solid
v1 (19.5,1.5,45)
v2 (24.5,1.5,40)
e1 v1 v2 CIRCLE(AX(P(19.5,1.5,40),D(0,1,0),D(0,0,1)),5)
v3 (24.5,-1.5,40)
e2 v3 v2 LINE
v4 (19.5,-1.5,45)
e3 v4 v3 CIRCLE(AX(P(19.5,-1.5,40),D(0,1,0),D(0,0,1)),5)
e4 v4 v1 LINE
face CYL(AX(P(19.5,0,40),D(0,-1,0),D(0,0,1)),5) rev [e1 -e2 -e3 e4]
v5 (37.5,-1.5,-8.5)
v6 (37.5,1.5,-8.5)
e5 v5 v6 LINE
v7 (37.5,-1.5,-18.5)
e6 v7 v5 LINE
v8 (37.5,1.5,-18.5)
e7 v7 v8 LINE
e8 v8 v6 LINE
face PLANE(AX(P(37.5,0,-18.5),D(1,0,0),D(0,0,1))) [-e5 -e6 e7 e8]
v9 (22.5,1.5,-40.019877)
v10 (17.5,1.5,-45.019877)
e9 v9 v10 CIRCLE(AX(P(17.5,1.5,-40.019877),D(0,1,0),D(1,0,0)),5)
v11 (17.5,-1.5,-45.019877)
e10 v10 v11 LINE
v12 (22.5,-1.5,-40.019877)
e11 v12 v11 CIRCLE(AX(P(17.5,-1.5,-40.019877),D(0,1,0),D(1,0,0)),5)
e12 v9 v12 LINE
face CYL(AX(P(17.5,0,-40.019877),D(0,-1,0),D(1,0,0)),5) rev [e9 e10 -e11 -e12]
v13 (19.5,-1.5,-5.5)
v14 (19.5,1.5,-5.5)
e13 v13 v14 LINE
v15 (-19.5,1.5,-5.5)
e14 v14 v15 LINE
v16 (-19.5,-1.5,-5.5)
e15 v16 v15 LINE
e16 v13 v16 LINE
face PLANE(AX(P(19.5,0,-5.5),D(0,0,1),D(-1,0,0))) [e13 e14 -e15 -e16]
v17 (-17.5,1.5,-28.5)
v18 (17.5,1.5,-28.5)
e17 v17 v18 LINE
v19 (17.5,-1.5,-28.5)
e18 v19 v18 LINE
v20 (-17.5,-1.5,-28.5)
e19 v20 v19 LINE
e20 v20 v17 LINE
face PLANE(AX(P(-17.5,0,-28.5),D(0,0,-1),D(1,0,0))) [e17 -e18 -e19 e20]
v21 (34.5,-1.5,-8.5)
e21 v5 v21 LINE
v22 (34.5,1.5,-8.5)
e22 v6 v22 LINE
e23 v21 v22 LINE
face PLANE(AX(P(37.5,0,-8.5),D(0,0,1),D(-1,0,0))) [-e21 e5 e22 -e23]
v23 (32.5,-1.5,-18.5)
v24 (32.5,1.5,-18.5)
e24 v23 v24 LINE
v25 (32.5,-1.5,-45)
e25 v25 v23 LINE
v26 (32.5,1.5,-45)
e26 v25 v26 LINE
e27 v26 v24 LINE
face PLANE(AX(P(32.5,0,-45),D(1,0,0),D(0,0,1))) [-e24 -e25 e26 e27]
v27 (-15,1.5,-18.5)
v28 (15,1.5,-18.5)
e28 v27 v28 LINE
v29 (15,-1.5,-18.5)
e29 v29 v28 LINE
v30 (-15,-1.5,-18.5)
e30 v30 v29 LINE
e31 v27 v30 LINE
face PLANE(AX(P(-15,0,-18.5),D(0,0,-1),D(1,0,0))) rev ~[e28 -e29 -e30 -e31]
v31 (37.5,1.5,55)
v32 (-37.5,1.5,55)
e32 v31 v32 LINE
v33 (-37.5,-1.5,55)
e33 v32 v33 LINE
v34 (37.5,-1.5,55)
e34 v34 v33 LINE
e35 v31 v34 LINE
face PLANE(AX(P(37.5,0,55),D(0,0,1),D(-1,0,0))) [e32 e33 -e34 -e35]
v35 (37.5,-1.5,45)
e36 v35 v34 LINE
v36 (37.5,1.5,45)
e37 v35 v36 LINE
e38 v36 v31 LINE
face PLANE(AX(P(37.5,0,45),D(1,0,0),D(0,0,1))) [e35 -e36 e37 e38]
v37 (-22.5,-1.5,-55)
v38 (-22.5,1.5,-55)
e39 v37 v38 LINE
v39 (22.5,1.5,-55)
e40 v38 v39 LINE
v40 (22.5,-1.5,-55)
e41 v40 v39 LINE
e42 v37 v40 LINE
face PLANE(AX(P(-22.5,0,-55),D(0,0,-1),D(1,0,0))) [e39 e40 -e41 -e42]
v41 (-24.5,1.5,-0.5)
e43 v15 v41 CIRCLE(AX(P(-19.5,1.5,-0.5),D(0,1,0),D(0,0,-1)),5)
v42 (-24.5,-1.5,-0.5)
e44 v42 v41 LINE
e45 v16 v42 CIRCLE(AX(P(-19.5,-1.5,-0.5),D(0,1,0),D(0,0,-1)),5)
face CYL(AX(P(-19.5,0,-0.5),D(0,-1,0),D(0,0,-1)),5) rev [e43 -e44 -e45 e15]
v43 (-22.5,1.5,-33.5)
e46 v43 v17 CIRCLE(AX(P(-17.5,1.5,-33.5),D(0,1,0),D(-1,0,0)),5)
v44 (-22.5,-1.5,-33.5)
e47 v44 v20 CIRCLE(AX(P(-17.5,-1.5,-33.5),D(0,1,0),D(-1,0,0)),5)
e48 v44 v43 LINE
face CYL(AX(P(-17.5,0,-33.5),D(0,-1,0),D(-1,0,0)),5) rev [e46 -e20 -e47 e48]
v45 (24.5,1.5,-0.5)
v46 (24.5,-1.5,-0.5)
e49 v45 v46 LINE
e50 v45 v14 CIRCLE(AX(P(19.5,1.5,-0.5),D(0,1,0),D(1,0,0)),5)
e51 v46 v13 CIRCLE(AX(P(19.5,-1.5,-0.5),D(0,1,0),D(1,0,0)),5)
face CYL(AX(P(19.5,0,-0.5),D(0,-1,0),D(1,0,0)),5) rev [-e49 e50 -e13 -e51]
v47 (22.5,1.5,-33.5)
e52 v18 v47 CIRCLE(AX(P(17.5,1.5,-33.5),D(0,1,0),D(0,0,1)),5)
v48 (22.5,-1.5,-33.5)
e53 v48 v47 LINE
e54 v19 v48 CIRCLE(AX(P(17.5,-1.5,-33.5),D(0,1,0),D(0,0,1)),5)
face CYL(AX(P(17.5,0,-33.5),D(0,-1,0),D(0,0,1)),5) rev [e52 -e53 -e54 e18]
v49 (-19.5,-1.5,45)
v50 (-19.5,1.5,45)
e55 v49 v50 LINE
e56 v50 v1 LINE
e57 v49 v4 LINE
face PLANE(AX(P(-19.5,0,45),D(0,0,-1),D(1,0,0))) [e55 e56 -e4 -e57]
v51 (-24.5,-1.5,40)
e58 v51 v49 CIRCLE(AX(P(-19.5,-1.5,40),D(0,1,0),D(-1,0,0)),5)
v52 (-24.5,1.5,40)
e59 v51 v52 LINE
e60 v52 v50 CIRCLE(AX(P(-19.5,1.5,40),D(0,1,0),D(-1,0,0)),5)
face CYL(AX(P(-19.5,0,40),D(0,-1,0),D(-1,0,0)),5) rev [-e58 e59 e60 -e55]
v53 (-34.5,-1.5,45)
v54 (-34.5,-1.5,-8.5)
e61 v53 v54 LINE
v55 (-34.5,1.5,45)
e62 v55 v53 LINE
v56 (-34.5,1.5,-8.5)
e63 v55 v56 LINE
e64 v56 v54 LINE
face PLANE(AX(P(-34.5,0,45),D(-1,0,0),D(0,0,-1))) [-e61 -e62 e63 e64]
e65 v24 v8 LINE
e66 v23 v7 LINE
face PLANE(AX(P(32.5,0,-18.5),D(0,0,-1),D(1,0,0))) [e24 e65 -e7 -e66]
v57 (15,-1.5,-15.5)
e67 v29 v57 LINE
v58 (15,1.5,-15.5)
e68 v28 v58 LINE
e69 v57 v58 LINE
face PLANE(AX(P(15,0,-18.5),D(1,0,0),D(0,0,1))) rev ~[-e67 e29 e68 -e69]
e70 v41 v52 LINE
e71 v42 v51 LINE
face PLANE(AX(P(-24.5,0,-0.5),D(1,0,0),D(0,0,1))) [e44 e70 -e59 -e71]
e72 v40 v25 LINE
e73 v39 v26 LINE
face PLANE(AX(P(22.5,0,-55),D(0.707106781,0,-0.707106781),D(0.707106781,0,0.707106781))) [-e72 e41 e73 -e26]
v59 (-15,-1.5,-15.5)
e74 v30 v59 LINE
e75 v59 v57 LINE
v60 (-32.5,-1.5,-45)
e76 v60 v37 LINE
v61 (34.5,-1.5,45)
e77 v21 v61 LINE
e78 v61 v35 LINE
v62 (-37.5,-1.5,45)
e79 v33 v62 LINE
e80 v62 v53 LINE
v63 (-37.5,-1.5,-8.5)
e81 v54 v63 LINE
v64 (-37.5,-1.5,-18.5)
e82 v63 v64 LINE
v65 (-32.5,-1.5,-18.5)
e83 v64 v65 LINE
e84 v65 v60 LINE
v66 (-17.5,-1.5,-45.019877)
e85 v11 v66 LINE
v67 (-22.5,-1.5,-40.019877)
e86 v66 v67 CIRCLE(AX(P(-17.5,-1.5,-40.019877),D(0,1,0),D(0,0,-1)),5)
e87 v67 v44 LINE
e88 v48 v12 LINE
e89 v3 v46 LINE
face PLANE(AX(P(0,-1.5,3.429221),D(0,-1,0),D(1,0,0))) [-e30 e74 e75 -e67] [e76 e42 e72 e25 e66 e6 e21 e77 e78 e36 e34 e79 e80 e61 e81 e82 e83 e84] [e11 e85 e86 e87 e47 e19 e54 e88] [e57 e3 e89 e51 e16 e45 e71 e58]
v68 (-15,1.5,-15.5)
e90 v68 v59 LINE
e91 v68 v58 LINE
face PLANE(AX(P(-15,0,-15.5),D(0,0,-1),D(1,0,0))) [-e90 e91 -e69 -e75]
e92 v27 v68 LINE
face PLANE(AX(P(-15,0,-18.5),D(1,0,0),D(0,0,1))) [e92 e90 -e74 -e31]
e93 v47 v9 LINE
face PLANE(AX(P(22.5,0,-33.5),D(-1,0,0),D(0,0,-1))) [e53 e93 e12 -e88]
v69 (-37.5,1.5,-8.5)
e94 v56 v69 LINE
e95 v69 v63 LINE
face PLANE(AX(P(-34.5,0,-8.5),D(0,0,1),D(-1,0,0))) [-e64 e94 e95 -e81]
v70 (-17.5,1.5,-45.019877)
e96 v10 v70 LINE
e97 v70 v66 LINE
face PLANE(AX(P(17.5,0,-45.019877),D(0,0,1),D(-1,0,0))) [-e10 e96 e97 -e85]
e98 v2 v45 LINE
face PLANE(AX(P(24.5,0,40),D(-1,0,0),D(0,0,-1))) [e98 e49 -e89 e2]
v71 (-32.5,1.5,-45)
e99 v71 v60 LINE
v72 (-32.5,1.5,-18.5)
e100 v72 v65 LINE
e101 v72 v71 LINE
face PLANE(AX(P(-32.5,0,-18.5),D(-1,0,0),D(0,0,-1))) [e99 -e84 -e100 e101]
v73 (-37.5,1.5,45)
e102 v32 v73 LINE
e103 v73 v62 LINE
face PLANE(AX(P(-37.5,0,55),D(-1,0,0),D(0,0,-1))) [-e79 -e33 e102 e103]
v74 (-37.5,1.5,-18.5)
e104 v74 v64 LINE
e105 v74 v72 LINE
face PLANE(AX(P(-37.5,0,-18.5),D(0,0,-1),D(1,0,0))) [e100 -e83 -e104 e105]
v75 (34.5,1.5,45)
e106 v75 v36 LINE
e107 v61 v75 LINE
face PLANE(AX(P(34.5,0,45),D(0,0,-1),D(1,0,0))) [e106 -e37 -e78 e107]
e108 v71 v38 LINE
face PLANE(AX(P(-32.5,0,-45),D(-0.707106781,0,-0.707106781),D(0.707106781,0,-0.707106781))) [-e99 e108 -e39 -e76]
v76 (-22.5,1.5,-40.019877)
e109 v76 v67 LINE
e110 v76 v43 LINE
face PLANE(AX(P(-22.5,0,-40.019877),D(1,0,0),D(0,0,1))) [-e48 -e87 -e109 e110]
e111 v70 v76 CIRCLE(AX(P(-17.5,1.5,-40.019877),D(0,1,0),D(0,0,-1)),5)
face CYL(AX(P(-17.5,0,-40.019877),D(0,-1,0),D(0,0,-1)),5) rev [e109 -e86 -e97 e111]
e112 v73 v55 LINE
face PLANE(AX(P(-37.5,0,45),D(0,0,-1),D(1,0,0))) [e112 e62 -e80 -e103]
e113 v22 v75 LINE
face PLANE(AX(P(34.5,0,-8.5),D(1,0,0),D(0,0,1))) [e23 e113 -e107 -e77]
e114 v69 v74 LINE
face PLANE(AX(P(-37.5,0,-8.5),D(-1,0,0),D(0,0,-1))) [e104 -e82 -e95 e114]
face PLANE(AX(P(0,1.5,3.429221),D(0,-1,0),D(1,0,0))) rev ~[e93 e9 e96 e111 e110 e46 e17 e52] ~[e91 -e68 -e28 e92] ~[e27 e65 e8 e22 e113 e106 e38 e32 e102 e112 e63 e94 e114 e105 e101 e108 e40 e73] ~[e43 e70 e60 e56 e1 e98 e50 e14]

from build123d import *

# Parameters (mm, degrees)
F0_W     = 30
F0_H     = 3
F1_DEPTH = 1.5


with BuildPart() as f1:
    # F0 (on Front) → F1 (new body, symmetric)
    with BuildSketch(Plane.XZ):
        Polygon((37.5, 45), (37.5, 55), (-37.5, 55), (-37.5, 45), (-34.5, 45), (-34.5, -8.5), (-37.5, -8.5), (-37.5, -18.5), (-32.5, -18.5), (-32.5, -45), (-22.5, -55), (22.5, -55), (32.5, -45), (32.5, -18.5), (37.5, -18.5), (37.5, -8.5), (34.5, -8.5), (34.5, 45), align=None)
        with BuildLine():
            ThreePointArc((22.5, -40.0198768683), (21.0355339059, -43.5554107742), (17.5, -45.0198768683))
            Line((17.5, -45.0198768683), (-17.5, -45.0198768683))
            ThreePointArc((-17.5, -45.0198768683), (-21.0355339059, -43.5554107742), (-22.5, -40.0198768683))
            Line((-22.5, -40.0198768683), (-22.5, -33.5))
            ThreePointArc((-22.5, -33.5), (-21.0355339059, -29.9644660941), (-17.5, -28.5))
            Line((-17.5, -28.5), (17.5, -28.5))
            ThreePointArc((17.5, -28.5), (21.0355339059, -29.9644660941), (22.5, -33.5))
            Line((22.5, -33.5), (22.5, -40.0198768683))
        make_face(mode=Mode.SUBTRACT)
        with Locations((0, -17)):
            Rectangle(F0_W, F0_H, mode=Mode.SUBTRACT)
        with BuildLine():
            ThreePointArc((24.5, -0.5), (23.0355339059, -4.0355339059), (19.5, -5.5))
            Line((19.5, -5.5), (-19.5, -5.5))
            ThreePointArc((-19.5, -5.5), (-23.0355339059, -4.0355339059), (-24.5, -0.5))
            Line((-24.5, -0.5), (-24.5, 40))
            ThreePointArc((-24.5, 40), (-23.0355339059, 43.5355339059), (-19.5, 45))
            Line((-19.5, 45), (19.5, 45))
            ThreePointArc((19.5, 45), (23.0355339059, 43.5355339059), (24.5, 40))
            Line((24.5, 40), (24.5, -0.5))
        make_face(mode=Mode.SUBTRACT)
    extrude(amount=F1_DEPTH, both=True)


solid = f1.part
